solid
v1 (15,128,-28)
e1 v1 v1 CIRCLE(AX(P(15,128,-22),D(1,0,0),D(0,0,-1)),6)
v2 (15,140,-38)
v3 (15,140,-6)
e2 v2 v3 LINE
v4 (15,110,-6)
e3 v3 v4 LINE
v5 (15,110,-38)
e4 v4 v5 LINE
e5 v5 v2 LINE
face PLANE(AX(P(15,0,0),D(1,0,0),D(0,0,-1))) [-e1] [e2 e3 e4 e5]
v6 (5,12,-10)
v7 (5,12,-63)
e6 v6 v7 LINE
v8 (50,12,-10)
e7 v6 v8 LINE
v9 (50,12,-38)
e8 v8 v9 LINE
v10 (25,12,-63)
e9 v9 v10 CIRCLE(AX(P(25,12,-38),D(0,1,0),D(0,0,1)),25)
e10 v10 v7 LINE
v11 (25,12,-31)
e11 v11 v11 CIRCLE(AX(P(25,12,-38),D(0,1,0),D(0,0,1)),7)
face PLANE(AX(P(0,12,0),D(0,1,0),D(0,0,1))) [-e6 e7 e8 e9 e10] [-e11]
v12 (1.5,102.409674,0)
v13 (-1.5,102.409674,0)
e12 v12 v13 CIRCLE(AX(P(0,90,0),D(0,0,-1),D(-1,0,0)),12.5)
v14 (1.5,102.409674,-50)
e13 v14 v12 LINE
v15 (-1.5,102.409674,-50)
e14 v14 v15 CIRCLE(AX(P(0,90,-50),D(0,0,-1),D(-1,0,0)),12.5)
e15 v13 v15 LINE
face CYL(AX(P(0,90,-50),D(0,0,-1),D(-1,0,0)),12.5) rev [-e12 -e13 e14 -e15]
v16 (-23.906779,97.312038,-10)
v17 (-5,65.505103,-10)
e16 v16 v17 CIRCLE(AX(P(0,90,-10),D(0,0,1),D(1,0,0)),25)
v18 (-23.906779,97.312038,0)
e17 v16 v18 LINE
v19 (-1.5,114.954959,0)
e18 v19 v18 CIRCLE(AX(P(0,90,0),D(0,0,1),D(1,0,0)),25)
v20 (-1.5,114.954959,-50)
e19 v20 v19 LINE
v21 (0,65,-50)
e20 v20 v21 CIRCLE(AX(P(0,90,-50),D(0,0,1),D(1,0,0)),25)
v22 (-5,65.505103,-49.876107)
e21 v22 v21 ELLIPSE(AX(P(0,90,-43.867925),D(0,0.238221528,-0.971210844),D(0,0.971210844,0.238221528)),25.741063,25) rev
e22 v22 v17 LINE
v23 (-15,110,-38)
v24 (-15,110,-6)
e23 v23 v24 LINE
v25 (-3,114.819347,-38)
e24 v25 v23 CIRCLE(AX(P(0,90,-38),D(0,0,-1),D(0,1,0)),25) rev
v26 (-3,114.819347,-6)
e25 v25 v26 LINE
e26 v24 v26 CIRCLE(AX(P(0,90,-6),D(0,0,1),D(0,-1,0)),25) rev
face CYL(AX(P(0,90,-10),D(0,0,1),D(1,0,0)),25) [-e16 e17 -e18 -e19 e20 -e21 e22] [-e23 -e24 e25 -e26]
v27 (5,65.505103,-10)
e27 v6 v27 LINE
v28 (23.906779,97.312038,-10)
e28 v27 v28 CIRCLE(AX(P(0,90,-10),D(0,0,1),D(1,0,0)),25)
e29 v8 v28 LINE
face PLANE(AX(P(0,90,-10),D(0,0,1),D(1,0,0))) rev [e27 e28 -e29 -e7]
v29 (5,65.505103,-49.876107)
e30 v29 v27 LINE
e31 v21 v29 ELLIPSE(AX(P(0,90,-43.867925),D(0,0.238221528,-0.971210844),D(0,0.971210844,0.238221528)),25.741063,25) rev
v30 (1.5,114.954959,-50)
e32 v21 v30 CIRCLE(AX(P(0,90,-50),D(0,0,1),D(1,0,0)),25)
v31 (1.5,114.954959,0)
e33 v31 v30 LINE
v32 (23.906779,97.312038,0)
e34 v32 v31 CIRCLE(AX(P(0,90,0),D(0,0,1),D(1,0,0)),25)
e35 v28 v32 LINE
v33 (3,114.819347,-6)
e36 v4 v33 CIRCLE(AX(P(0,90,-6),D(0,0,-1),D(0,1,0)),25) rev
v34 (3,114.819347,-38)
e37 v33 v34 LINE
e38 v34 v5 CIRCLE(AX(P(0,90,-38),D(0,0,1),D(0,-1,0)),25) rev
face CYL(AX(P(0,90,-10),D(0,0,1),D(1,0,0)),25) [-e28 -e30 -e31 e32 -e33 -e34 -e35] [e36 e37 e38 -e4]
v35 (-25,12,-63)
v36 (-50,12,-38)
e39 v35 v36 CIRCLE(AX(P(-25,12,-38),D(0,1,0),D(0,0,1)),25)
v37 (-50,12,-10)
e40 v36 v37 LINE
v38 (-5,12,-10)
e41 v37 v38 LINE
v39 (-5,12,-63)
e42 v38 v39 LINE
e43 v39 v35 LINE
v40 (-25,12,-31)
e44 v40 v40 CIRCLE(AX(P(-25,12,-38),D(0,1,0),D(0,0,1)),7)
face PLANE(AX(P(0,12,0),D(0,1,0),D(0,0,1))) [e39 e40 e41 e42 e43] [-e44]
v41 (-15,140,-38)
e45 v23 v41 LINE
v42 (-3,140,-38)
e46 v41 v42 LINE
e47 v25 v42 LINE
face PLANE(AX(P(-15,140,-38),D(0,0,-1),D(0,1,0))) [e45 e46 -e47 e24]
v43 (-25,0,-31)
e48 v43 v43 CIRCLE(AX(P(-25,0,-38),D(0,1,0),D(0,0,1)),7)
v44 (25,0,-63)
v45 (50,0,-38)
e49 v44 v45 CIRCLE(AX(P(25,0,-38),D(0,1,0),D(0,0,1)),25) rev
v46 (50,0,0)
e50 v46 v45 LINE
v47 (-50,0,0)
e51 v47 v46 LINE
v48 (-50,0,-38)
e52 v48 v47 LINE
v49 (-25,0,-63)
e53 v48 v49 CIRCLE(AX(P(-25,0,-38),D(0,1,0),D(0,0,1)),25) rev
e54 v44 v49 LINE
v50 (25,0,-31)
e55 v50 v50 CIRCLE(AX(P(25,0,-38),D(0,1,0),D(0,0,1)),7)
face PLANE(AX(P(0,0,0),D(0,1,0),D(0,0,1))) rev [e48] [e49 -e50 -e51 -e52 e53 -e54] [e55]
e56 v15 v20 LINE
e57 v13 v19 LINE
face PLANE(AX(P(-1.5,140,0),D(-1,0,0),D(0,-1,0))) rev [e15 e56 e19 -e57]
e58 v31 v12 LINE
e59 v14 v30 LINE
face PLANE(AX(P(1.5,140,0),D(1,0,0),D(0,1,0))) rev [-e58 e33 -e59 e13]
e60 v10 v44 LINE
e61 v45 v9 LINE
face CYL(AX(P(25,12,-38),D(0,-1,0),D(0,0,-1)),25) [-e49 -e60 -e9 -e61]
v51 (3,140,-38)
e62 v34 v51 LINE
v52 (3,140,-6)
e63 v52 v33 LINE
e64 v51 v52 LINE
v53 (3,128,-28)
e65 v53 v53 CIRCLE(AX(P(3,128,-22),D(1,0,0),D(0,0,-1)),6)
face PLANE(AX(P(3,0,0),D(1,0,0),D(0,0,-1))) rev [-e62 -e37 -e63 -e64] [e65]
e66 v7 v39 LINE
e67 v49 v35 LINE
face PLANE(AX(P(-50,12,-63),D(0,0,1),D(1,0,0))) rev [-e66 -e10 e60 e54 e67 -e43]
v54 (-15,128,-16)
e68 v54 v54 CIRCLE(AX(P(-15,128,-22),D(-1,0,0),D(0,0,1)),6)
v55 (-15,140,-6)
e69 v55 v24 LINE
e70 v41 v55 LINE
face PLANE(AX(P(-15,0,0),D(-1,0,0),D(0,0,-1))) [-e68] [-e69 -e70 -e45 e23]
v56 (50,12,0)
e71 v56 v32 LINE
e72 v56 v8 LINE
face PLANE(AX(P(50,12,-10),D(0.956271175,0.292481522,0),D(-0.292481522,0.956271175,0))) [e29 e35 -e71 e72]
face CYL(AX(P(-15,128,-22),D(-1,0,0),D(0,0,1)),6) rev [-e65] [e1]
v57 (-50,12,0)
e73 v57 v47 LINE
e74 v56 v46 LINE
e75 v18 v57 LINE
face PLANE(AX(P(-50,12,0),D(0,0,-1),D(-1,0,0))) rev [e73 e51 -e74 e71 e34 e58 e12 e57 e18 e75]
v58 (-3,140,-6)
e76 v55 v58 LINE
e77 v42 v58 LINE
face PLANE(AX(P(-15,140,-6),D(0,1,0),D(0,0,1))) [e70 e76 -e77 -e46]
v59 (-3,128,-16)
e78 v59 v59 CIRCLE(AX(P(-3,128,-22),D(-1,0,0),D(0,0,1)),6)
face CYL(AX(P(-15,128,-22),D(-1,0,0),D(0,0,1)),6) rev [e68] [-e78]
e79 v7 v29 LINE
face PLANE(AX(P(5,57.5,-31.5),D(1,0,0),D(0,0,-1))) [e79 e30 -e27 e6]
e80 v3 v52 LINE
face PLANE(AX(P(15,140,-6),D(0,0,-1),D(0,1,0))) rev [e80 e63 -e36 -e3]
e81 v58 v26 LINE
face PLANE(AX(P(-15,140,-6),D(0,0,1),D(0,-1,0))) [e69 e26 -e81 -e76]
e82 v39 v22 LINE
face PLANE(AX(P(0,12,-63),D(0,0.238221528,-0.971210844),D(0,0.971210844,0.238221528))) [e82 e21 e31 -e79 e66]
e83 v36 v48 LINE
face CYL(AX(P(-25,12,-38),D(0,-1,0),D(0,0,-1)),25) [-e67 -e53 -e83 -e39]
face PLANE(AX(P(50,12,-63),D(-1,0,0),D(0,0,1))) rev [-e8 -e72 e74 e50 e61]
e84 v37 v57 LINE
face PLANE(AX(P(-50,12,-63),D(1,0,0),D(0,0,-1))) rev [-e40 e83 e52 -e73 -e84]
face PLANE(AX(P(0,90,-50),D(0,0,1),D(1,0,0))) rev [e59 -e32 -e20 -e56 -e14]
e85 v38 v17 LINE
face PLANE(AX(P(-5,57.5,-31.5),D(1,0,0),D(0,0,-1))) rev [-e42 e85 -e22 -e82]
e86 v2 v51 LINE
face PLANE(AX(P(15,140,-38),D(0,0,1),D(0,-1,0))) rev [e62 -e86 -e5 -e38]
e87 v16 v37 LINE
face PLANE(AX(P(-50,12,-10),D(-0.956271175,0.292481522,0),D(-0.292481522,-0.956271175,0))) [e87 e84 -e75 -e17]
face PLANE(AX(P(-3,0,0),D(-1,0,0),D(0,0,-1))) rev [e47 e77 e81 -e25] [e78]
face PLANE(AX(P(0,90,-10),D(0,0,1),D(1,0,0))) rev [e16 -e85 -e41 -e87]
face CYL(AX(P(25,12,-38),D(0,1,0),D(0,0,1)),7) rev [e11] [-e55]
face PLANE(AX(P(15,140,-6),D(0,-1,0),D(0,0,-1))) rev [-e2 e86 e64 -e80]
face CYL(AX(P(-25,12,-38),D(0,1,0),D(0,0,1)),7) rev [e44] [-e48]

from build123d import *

# Parameters (mm, degrees)
SKETCH1_W           = 100
SKETCH1_H           = 63
BOSS_EXTRUDE1_DEPTH = 12
SKETCH2_R           = 25
BOSS_EXTRUDE2_DEPTH = 50
BOSS_EXTRUDE3_DEPTH = 10
RIB1_REACH          = 142.335
SKETCH4_WALL_W      = 337.241680066
SKETCH4_WALL_H      = 10
BOSS_EXTRUDE4_START = 3
SKETCH5_W           = 32
SKETCH5_H           = 32
BOSS_EXTRUDE4_DEPTH = 12
BOSS_EXTRUDE5_START = 3
SKETCH5_2_W         = 32
SKETCH5_2_H         = 32
BOSS_EXTRUDE5_DEPTH = 12
SKETCH6_W           = 3
SKETCH6_H           = 46.09785454
CUT_EXTRUDE1_DEPTH  = 157.843871414
HOLE1_D             = 25
HOLE2_D             = 12
HOLE3_D             = 14
HOLE3_DEPTH         = 12
FILLET1_R           = 25


with BuildPart() as part:
    # Sketch1 → Boss-Extrude1 (new body)
    with BuildSketch(Plane(origin=(0, 0, 0), x_dir=(1, 0, 0), z_dir=(0, 1, 0))):
        with Locations((0, 31.5)):
            Rectangle(SKETCH1_W, SKETCH1_H)
    extrude(amount=BOSS_EXTRUDE1_DEPTH)



with BuildPart() as body_2:
    # Sketch2 → Boss-Extrude2 (new body)
    with BuildSketch(Plane.XY):
        with Locations((0, 90)):
            Circle(SKETCH2_R)
    extrude(amount=-BOSS_EXTRUDE2_DEPTH)


with BuildPart() as part_1:
    add(part.part)

    add(body_2.part)  # Boss-Extrude3 merges body 2
    # Sketch3 → Boss-Extrude3 (add)
    with BuildSketch(Plane.XY):
        with BuildLine():
            Line((-50, 12), (50, 12))
            Line((50, 12), (23.906779363, 97.312038053))
            ThreePointArc((23.906779363, 97.312038053), (0, 115), (-23.906779363, 97.312038053))
            Line((-23.906779363, 97.312038053), (-50, 12))
        make_face()
    extrude(amount=-BOSS_EXTRUDE3_DEPTH)

    # Sketch4 wall → Rib1 (add, up to next)
    with BuildSketch(Plane(origin=(0, 38.5, -56.5), x_dir=(0, 0.971210844098, 0.238221527798), z_dir=(0, -0.238221527798, 0.971210844098)), mode=Mode.PRIVATE) as rib1_sk1:
        Rectangle(SKETCH4_WALL_W, SKETCH4_WALL_H)
    rib1_tool1 = extrude(rib1_sk1.sketch, amount=RIB1_REACH, mode=Mode.PRIVATE) - part_1.part
    add(rib1_tool1.solids().sort_by_distance((0, 38.5, -56.5))[0])



with BuildPart() as body_2_2:
    # Sketch5 → Boss-Extrude4 (new body)
    with BuildSketch(Plane(origin=(0, 0, 0), x_dir=(0, 0, -1), z_dir=(1, 0, 0)).offset(BOSS_EXTRUDE4_START)):
        with Locations((22, 124)):
            Rectangle(SKETCH5_W, SKETCH5_H)
    extrude(amount=BOSS_EXTRUDE4_DEPTH)


with BuildPart() as part_2:
    add(part_1.part)

    add(body_2_2.part)  # Boss-Extrude5 merges body 2 2
    # Sketch5<2> → Boss-Extrude5 (add)
    with BuildSketch(Plane(origin=(0, 0, 0), x_dir=(0, 0, -1), z_dir=(1, 0, 0)).offset(BOSS_EXTRUDE5_START)):
        with Locations((22, 124)):
            Rectangle(SKETCH5_2_W, SKETCH5_2_H)
    boss_extrude5 = extrude(amount=BOSS_EXTRUDE5_DEPTH)

    # Mirror7: Boss-Extrude5 across plane
    add(boss_extrude5.mirror(Plane(origin=(0, 0, 0), x_dir=(0, 0, 1), z_dir=(1, 0, 0))))

    # Sketch6 → Cut-Extrude1 (cut, through all)
    with BuildSketch(Plane(origin=(0, 0, -50), x_dir=(-1, 0, 0), z_dir=(0, 0, -1))):
        with Locations((0, 116.95107273)):
            Rectangle(SKETCH6_W, SKETCH6_H)
    extrude(amount=-CUT_EXTRUDE1_DEPTH, mode=Mode.SUBTRACT)

    # Hole1 (through all)
    with Locations(Plane(origin=(0, 0, -50), x_dir=(-1, 0, 0), z_dir=(0, 0, -1))):
        with Locations((0, 90)):
            Hole(HOLE1_D / 2)

    # Hole2 (through all)
    with Locations(Plane.ZY.offset(15)):
        with Locations((-22, 128)):
            Hole(HOLE2_D / 2)

    # Hole3
    with Locations(Plane(origin=(0, 12, 0), x_dir=(1, 0, 0), z_dir=(0, 1, 0))):
        with Locations((-25, 38), (25, 38)):
            Hole(HOLE3_D / 2, depth=HOLE3_DEPTH)

    # Fillet1
    fillet1_edges = [part_2.edges().sort_by_distance(p)[0] for p in [
        (-50, 6, -63),
        (50, 6, -63),
    ]]
    fillet(fillet1_edges, radius=FILLET1_R)


solid = part_2.part
